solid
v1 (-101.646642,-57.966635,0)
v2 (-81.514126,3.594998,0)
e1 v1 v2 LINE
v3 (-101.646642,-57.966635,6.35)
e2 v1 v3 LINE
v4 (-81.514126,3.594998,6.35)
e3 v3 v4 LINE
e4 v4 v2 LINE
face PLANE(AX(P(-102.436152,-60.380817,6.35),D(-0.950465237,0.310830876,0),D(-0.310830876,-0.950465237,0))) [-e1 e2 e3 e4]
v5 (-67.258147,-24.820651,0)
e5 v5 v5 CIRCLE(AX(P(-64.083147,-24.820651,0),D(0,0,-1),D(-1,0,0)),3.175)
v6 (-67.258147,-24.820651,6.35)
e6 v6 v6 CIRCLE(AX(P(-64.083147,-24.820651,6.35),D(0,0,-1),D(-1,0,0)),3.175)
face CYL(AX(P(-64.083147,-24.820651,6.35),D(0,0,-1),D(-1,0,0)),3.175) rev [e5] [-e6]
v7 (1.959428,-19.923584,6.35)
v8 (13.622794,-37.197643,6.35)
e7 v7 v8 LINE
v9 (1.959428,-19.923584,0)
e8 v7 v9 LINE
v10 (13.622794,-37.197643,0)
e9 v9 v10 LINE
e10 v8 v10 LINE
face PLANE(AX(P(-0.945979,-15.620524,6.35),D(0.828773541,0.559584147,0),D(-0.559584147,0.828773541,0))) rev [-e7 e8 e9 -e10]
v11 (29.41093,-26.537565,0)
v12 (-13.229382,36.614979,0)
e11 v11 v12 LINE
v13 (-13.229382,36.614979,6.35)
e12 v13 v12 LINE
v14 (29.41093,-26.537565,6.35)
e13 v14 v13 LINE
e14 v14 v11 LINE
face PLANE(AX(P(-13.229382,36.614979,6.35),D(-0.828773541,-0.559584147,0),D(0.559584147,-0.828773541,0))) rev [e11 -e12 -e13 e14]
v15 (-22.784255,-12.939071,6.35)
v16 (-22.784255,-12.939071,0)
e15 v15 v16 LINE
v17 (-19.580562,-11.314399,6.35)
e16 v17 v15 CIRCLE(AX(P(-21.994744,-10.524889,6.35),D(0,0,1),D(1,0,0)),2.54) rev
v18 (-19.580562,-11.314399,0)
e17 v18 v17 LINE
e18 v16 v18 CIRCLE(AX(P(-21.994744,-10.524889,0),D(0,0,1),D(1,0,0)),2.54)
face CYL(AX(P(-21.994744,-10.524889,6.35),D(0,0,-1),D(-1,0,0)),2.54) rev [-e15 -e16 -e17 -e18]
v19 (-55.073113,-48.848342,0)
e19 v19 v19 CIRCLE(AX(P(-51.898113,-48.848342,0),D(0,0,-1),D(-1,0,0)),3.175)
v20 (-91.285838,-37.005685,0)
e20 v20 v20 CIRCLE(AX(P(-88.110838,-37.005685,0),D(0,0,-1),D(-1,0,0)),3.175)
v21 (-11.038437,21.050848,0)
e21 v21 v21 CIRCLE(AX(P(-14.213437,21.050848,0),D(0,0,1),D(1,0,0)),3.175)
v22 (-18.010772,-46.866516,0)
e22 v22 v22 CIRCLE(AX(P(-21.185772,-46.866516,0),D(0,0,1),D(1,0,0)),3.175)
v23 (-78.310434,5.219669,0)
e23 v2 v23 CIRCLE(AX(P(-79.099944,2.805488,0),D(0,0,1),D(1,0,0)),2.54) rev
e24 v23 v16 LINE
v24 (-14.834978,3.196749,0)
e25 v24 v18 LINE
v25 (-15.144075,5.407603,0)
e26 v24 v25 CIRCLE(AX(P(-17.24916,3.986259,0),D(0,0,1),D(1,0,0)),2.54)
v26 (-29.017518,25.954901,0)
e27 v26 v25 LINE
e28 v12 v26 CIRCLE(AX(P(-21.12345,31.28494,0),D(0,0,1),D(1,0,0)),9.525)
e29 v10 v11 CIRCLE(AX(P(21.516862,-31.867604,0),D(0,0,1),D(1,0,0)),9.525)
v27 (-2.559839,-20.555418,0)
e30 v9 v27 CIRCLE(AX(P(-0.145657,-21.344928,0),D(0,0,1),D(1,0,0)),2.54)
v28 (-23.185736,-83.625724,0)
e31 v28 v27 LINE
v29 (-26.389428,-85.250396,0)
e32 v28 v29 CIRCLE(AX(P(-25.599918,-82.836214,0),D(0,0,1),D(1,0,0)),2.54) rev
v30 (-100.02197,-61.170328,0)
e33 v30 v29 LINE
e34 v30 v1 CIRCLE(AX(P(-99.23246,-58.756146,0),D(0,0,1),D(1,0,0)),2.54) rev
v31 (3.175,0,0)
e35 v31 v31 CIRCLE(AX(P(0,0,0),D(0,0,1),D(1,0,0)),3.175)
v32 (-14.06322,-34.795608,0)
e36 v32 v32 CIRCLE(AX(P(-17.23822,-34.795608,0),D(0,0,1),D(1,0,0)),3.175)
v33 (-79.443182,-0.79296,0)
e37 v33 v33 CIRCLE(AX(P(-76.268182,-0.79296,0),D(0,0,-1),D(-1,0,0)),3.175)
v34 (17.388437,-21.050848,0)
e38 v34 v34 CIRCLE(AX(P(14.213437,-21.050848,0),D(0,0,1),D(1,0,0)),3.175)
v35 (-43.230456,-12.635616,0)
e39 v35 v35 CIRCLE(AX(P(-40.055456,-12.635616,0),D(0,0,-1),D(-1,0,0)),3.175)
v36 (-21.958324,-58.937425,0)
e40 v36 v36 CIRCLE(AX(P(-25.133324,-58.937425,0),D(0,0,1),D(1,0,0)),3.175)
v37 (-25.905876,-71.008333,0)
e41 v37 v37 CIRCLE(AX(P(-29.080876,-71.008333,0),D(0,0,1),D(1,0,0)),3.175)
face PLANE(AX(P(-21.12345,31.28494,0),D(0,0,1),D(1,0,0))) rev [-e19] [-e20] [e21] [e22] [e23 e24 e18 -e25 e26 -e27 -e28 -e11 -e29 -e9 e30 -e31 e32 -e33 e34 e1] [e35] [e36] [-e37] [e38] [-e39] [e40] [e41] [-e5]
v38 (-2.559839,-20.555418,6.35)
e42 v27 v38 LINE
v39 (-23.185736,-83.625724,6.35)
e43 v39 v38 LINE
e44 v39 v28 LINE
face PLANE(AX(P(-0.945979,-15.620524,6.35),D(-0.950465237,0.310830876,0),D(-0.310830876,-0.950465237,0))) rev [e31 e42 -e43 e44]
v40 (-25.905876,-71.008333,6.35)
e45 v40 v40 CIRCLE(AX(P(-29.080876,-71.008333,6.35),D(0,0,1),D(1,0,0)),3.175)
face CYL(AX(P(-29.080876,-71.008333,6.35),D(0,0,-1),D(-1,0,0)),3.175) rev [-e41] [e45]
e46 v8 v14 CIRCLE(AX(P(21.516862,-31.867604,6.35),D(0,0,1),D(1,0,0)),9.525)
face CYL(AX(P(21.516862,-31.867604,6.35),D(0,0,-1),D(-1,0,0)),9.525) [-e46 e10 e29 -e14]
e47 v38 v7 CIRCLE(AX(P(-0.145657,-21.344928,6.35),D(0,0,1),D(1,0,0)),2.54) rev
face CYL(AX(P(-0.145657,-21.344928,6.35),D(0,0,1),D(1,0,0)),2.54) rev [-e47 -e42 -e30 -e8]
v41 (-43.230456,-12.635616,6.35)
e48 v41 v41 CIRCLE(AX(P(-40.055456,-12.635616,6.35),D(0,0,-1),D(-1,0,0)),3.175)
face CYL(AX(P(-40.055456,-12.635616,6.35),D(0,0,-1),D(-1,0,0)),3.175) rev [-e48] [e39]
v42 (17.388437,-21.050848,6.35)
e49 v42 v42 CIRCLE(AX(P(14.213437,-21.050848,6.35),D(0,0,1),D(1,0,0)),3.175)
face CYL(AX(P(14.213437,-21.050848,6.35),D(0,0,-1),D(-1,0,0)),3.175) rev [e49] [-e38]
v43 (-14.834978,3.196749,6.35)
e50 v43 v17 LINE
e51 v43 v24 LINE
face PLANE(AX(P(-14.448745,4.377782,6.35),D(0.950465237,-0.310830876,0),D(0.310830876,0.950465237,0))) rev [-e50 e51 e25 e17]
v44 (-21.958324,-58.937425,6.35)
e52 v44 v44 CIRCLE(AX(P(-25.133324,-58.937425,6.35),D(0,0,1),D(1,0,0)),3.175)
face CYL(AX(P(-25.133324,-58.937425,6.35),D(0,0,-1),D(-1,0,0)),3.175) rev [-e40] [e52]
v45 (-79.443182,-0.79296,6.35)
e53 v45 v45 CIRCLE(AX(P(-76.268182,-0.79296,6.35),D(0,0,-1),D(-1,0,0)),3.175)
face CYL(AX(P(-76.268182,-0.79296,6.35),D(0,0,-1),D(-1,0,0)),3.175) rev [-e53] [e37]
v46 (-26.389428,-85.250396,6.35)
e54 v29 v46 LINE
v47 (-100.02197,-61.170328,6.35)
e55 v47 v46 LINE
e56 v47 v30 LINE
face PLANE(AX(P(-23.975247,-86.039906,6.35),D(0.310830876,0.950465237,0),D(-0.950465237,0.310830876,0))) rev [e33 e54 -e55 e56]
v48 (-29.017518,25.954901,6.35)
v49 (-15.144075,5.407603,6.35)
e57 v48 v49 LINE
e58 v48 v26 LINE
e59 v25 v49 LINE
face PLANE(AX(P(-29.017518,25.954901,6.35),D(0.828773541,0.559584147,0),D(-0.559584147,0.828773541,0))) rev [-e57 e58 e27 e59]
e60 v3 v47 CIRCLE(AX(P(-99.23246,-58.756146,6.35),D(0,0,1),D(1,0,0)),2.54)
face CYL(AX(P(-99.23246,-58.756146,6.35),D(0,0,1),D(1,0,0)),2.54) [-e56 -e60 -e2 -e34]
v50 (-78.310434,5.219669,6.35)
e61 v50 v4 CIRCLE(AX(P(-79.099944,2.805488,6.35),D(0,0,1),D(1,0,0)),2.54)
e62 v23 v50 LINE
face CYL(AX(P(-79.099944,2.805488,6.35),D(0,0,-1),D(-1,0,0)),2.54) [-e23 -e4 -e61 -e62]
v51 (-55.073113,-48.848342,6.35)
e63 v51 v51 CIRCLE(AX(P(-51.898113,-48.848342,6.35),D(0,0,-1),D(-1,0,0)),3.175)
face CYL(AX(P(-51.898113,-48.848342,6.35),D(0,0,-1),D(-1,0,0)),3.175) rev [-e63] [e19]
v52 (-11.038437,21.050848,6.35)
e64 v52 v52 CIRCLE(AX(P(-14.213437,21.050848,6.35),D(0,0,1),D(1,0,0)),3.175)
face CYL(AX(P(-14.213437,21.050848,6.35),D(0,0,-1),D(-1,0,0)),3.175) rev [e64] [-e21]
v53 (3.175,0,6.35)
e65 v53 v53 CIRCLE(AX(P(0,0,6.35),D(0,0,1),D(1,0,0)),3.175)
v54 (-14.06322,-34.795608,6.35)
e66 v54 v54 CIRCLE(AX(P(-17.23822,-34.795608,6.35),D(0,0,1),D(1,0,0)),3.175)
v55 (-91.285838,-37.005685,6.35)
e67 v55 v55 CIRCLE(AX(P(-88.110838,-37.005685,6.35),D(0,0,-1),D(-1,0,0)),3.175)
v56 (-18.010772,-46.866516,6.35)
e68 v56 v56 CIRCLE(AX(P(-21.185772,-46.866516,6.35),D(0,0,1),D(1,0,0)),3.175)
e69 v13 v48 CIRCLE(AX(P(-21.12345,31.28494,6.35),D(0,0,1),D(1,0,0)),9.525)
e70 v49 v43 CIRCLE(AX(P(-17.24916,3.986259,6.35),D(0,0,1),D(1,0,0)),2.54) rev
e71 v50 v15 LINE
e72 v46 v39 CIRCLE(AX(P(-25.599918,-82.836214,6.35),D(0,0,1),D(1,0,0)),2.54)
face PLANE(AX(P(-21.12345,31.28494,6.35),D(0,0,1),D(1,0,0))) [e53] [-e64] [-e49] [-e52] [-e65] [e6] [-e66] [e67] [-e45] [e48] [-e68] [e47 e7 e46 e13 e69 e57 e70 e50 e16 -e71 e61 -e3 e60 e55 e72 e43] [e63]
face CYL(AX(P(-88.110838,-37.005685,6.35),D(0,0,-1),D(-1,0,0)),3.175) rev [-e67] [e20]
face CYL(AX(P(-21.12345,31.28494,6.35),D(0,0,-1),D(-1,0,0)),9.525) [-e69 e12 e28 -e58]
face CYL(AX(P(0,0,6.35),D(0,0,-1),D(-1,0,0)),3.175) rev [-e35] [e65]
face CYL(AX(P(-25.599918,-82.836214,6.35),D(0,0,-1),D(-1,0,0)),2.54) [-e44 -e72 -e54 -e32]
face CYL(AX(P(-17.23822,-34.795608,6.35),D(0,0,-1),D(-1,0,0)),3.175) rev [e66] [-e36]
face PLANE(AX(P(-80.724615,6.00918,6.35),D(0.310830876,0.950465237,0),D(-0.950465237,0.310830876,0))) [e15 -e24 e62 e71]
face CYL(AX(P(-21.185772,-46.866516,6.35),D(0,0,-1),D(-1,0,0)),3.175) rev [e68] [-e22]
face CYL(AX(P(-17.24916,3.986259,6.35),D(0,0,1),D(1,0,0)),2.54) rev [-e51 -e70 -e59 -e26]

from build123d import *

# Parameters (mm, degrees)
SKETCH1_R           = 3.175
BOSS_EXTRUDE2_DEPTH = 6.35
BOSS_EXTRUDE3_DEPTH = 6.35
SKETCH3_R           = 3.175
CUT_EXTRUDE1_DEPTH  = 6.35
FILLET1_R           = 2.54


with BuildPart() as part:
    # Sketch1 → Boss-Extrude2 (new body)
    with BuildSketch(Plane.XY):
        with BuildLine():
            Line((-13.229381943, 36.614978912), (29.410930021, -26.537564946))
            ThreePointArc((29.410930021, -26.537564946), (26.846901034, -39.761671923), (13.622794056, -37.197642936))
            Line((13.622794056, -37.197642936), (-0.945979198, -15.620523785))
            Line((-0.945979198, -15.620523785), (-23.975246761, -86.039905978))
            Line((-23.975246761, -86.039905978), (-42.081609524, -80.118577791))
            Line((-42.081609524, -80.118577791), (-14.448744653, 4.37778177))
            Line((-14.448744653, 4.37778177), (-29.017517907, 25.954900921))
            ThreePointArc((-29.017517907, 25.954900921), (-26.45348892, 39.179007899), (-13.229381943, 36.614978912))
        make_face()
        with Locations((-14.213437321, 21.050847952)):
            Circle(SKETCH1_R, mode=Mode.SUBTRACT)
        with Locations((14.213437321, -21.050847952)):
            Circle(SKETCH1_R, mode=Mode.SUBTRACT)
        Circle(SKETCH1_R, mode=Mode.SUBTRACT)
        with Locations((-29.080876018, -71.008333376)):
            Circle(SKETCH1_R, mode=Mode.SUBTRACT)
        with Locations((-25.133323893, -58.937424867)):
            Circle(SKETCH1_R, mode=Mode.SUBTRACT)
        with Locations((-21.185771769, -46.866516358)):
            Circle(SKETCH1_R, mode=Mode.SUBTRACT)
        with Locations((-17.238219645, -34.79560785)):
            Circle(SKETCH1_R, mode=Mode.SUBTRACT)
    extrude(amount=BOSS_EXTRUDE2_DEPTH)

    # Sketch2 → Boss-Extrude3 (add)
    with BuildSketch(Plane(origin=(0, 0, 0), x_dir=(-1, 0, 0), z_dir=(0, 0, -1))):
        Polygon((20.370072839, -13.728580993), (42.081609524, -80.118577791), (102.436152067, -60.380817169), (80.724615383, 6.009179629), align=None)
    extrude(amount=-BOSS_EXTRUDE3_DEPTH)

    # Sketch3 → Cut-Extrude1 (cut)
    with BuildSketch(Plane(origin=(0, 0, 0), x_dir=(-1, 0, 0), z_dir=(0, 0, -1))):
        with Locations((76.268181978, -0.792959837)):
            Circle(SKETCH3_R)
        with Locations((40.055456452, -12.63561621)):
            Circle(SKETCH3_R)
        with Locations((51.898112825, -48.848341736)):
            Circle(SKETCH3_R)
        with Locations((88.110838352, -37.005685363)):
            Circle(SKETCH3_R)
        with Locations((64.083147402, -24.820650786)):
            Circle(SKETCH3_R)
    extrude(amount=-CUT_EXTRUDE1_DEPTH, mode=Mode.SUBTRACT)

    # Fillet1
    fillet1_edges = [part.edges().sort_by_distance(p)[0] for p in [
        (-0.945979198, -15.620523785, 3.175),
        (-23.975246761, -86.039905978, 3.175),
        (-14.448744653, 4.37778177, 3.175),
        (-20.370072839, -13.728580993, 3.175),
        (-80.724615383, 6.009179629, 3.175),
        (-102.436152067, -60.380817169, 3.175),
    ]]
    fillet(fillet1_edges, radius=FILLET1_R)


solid = part.part
